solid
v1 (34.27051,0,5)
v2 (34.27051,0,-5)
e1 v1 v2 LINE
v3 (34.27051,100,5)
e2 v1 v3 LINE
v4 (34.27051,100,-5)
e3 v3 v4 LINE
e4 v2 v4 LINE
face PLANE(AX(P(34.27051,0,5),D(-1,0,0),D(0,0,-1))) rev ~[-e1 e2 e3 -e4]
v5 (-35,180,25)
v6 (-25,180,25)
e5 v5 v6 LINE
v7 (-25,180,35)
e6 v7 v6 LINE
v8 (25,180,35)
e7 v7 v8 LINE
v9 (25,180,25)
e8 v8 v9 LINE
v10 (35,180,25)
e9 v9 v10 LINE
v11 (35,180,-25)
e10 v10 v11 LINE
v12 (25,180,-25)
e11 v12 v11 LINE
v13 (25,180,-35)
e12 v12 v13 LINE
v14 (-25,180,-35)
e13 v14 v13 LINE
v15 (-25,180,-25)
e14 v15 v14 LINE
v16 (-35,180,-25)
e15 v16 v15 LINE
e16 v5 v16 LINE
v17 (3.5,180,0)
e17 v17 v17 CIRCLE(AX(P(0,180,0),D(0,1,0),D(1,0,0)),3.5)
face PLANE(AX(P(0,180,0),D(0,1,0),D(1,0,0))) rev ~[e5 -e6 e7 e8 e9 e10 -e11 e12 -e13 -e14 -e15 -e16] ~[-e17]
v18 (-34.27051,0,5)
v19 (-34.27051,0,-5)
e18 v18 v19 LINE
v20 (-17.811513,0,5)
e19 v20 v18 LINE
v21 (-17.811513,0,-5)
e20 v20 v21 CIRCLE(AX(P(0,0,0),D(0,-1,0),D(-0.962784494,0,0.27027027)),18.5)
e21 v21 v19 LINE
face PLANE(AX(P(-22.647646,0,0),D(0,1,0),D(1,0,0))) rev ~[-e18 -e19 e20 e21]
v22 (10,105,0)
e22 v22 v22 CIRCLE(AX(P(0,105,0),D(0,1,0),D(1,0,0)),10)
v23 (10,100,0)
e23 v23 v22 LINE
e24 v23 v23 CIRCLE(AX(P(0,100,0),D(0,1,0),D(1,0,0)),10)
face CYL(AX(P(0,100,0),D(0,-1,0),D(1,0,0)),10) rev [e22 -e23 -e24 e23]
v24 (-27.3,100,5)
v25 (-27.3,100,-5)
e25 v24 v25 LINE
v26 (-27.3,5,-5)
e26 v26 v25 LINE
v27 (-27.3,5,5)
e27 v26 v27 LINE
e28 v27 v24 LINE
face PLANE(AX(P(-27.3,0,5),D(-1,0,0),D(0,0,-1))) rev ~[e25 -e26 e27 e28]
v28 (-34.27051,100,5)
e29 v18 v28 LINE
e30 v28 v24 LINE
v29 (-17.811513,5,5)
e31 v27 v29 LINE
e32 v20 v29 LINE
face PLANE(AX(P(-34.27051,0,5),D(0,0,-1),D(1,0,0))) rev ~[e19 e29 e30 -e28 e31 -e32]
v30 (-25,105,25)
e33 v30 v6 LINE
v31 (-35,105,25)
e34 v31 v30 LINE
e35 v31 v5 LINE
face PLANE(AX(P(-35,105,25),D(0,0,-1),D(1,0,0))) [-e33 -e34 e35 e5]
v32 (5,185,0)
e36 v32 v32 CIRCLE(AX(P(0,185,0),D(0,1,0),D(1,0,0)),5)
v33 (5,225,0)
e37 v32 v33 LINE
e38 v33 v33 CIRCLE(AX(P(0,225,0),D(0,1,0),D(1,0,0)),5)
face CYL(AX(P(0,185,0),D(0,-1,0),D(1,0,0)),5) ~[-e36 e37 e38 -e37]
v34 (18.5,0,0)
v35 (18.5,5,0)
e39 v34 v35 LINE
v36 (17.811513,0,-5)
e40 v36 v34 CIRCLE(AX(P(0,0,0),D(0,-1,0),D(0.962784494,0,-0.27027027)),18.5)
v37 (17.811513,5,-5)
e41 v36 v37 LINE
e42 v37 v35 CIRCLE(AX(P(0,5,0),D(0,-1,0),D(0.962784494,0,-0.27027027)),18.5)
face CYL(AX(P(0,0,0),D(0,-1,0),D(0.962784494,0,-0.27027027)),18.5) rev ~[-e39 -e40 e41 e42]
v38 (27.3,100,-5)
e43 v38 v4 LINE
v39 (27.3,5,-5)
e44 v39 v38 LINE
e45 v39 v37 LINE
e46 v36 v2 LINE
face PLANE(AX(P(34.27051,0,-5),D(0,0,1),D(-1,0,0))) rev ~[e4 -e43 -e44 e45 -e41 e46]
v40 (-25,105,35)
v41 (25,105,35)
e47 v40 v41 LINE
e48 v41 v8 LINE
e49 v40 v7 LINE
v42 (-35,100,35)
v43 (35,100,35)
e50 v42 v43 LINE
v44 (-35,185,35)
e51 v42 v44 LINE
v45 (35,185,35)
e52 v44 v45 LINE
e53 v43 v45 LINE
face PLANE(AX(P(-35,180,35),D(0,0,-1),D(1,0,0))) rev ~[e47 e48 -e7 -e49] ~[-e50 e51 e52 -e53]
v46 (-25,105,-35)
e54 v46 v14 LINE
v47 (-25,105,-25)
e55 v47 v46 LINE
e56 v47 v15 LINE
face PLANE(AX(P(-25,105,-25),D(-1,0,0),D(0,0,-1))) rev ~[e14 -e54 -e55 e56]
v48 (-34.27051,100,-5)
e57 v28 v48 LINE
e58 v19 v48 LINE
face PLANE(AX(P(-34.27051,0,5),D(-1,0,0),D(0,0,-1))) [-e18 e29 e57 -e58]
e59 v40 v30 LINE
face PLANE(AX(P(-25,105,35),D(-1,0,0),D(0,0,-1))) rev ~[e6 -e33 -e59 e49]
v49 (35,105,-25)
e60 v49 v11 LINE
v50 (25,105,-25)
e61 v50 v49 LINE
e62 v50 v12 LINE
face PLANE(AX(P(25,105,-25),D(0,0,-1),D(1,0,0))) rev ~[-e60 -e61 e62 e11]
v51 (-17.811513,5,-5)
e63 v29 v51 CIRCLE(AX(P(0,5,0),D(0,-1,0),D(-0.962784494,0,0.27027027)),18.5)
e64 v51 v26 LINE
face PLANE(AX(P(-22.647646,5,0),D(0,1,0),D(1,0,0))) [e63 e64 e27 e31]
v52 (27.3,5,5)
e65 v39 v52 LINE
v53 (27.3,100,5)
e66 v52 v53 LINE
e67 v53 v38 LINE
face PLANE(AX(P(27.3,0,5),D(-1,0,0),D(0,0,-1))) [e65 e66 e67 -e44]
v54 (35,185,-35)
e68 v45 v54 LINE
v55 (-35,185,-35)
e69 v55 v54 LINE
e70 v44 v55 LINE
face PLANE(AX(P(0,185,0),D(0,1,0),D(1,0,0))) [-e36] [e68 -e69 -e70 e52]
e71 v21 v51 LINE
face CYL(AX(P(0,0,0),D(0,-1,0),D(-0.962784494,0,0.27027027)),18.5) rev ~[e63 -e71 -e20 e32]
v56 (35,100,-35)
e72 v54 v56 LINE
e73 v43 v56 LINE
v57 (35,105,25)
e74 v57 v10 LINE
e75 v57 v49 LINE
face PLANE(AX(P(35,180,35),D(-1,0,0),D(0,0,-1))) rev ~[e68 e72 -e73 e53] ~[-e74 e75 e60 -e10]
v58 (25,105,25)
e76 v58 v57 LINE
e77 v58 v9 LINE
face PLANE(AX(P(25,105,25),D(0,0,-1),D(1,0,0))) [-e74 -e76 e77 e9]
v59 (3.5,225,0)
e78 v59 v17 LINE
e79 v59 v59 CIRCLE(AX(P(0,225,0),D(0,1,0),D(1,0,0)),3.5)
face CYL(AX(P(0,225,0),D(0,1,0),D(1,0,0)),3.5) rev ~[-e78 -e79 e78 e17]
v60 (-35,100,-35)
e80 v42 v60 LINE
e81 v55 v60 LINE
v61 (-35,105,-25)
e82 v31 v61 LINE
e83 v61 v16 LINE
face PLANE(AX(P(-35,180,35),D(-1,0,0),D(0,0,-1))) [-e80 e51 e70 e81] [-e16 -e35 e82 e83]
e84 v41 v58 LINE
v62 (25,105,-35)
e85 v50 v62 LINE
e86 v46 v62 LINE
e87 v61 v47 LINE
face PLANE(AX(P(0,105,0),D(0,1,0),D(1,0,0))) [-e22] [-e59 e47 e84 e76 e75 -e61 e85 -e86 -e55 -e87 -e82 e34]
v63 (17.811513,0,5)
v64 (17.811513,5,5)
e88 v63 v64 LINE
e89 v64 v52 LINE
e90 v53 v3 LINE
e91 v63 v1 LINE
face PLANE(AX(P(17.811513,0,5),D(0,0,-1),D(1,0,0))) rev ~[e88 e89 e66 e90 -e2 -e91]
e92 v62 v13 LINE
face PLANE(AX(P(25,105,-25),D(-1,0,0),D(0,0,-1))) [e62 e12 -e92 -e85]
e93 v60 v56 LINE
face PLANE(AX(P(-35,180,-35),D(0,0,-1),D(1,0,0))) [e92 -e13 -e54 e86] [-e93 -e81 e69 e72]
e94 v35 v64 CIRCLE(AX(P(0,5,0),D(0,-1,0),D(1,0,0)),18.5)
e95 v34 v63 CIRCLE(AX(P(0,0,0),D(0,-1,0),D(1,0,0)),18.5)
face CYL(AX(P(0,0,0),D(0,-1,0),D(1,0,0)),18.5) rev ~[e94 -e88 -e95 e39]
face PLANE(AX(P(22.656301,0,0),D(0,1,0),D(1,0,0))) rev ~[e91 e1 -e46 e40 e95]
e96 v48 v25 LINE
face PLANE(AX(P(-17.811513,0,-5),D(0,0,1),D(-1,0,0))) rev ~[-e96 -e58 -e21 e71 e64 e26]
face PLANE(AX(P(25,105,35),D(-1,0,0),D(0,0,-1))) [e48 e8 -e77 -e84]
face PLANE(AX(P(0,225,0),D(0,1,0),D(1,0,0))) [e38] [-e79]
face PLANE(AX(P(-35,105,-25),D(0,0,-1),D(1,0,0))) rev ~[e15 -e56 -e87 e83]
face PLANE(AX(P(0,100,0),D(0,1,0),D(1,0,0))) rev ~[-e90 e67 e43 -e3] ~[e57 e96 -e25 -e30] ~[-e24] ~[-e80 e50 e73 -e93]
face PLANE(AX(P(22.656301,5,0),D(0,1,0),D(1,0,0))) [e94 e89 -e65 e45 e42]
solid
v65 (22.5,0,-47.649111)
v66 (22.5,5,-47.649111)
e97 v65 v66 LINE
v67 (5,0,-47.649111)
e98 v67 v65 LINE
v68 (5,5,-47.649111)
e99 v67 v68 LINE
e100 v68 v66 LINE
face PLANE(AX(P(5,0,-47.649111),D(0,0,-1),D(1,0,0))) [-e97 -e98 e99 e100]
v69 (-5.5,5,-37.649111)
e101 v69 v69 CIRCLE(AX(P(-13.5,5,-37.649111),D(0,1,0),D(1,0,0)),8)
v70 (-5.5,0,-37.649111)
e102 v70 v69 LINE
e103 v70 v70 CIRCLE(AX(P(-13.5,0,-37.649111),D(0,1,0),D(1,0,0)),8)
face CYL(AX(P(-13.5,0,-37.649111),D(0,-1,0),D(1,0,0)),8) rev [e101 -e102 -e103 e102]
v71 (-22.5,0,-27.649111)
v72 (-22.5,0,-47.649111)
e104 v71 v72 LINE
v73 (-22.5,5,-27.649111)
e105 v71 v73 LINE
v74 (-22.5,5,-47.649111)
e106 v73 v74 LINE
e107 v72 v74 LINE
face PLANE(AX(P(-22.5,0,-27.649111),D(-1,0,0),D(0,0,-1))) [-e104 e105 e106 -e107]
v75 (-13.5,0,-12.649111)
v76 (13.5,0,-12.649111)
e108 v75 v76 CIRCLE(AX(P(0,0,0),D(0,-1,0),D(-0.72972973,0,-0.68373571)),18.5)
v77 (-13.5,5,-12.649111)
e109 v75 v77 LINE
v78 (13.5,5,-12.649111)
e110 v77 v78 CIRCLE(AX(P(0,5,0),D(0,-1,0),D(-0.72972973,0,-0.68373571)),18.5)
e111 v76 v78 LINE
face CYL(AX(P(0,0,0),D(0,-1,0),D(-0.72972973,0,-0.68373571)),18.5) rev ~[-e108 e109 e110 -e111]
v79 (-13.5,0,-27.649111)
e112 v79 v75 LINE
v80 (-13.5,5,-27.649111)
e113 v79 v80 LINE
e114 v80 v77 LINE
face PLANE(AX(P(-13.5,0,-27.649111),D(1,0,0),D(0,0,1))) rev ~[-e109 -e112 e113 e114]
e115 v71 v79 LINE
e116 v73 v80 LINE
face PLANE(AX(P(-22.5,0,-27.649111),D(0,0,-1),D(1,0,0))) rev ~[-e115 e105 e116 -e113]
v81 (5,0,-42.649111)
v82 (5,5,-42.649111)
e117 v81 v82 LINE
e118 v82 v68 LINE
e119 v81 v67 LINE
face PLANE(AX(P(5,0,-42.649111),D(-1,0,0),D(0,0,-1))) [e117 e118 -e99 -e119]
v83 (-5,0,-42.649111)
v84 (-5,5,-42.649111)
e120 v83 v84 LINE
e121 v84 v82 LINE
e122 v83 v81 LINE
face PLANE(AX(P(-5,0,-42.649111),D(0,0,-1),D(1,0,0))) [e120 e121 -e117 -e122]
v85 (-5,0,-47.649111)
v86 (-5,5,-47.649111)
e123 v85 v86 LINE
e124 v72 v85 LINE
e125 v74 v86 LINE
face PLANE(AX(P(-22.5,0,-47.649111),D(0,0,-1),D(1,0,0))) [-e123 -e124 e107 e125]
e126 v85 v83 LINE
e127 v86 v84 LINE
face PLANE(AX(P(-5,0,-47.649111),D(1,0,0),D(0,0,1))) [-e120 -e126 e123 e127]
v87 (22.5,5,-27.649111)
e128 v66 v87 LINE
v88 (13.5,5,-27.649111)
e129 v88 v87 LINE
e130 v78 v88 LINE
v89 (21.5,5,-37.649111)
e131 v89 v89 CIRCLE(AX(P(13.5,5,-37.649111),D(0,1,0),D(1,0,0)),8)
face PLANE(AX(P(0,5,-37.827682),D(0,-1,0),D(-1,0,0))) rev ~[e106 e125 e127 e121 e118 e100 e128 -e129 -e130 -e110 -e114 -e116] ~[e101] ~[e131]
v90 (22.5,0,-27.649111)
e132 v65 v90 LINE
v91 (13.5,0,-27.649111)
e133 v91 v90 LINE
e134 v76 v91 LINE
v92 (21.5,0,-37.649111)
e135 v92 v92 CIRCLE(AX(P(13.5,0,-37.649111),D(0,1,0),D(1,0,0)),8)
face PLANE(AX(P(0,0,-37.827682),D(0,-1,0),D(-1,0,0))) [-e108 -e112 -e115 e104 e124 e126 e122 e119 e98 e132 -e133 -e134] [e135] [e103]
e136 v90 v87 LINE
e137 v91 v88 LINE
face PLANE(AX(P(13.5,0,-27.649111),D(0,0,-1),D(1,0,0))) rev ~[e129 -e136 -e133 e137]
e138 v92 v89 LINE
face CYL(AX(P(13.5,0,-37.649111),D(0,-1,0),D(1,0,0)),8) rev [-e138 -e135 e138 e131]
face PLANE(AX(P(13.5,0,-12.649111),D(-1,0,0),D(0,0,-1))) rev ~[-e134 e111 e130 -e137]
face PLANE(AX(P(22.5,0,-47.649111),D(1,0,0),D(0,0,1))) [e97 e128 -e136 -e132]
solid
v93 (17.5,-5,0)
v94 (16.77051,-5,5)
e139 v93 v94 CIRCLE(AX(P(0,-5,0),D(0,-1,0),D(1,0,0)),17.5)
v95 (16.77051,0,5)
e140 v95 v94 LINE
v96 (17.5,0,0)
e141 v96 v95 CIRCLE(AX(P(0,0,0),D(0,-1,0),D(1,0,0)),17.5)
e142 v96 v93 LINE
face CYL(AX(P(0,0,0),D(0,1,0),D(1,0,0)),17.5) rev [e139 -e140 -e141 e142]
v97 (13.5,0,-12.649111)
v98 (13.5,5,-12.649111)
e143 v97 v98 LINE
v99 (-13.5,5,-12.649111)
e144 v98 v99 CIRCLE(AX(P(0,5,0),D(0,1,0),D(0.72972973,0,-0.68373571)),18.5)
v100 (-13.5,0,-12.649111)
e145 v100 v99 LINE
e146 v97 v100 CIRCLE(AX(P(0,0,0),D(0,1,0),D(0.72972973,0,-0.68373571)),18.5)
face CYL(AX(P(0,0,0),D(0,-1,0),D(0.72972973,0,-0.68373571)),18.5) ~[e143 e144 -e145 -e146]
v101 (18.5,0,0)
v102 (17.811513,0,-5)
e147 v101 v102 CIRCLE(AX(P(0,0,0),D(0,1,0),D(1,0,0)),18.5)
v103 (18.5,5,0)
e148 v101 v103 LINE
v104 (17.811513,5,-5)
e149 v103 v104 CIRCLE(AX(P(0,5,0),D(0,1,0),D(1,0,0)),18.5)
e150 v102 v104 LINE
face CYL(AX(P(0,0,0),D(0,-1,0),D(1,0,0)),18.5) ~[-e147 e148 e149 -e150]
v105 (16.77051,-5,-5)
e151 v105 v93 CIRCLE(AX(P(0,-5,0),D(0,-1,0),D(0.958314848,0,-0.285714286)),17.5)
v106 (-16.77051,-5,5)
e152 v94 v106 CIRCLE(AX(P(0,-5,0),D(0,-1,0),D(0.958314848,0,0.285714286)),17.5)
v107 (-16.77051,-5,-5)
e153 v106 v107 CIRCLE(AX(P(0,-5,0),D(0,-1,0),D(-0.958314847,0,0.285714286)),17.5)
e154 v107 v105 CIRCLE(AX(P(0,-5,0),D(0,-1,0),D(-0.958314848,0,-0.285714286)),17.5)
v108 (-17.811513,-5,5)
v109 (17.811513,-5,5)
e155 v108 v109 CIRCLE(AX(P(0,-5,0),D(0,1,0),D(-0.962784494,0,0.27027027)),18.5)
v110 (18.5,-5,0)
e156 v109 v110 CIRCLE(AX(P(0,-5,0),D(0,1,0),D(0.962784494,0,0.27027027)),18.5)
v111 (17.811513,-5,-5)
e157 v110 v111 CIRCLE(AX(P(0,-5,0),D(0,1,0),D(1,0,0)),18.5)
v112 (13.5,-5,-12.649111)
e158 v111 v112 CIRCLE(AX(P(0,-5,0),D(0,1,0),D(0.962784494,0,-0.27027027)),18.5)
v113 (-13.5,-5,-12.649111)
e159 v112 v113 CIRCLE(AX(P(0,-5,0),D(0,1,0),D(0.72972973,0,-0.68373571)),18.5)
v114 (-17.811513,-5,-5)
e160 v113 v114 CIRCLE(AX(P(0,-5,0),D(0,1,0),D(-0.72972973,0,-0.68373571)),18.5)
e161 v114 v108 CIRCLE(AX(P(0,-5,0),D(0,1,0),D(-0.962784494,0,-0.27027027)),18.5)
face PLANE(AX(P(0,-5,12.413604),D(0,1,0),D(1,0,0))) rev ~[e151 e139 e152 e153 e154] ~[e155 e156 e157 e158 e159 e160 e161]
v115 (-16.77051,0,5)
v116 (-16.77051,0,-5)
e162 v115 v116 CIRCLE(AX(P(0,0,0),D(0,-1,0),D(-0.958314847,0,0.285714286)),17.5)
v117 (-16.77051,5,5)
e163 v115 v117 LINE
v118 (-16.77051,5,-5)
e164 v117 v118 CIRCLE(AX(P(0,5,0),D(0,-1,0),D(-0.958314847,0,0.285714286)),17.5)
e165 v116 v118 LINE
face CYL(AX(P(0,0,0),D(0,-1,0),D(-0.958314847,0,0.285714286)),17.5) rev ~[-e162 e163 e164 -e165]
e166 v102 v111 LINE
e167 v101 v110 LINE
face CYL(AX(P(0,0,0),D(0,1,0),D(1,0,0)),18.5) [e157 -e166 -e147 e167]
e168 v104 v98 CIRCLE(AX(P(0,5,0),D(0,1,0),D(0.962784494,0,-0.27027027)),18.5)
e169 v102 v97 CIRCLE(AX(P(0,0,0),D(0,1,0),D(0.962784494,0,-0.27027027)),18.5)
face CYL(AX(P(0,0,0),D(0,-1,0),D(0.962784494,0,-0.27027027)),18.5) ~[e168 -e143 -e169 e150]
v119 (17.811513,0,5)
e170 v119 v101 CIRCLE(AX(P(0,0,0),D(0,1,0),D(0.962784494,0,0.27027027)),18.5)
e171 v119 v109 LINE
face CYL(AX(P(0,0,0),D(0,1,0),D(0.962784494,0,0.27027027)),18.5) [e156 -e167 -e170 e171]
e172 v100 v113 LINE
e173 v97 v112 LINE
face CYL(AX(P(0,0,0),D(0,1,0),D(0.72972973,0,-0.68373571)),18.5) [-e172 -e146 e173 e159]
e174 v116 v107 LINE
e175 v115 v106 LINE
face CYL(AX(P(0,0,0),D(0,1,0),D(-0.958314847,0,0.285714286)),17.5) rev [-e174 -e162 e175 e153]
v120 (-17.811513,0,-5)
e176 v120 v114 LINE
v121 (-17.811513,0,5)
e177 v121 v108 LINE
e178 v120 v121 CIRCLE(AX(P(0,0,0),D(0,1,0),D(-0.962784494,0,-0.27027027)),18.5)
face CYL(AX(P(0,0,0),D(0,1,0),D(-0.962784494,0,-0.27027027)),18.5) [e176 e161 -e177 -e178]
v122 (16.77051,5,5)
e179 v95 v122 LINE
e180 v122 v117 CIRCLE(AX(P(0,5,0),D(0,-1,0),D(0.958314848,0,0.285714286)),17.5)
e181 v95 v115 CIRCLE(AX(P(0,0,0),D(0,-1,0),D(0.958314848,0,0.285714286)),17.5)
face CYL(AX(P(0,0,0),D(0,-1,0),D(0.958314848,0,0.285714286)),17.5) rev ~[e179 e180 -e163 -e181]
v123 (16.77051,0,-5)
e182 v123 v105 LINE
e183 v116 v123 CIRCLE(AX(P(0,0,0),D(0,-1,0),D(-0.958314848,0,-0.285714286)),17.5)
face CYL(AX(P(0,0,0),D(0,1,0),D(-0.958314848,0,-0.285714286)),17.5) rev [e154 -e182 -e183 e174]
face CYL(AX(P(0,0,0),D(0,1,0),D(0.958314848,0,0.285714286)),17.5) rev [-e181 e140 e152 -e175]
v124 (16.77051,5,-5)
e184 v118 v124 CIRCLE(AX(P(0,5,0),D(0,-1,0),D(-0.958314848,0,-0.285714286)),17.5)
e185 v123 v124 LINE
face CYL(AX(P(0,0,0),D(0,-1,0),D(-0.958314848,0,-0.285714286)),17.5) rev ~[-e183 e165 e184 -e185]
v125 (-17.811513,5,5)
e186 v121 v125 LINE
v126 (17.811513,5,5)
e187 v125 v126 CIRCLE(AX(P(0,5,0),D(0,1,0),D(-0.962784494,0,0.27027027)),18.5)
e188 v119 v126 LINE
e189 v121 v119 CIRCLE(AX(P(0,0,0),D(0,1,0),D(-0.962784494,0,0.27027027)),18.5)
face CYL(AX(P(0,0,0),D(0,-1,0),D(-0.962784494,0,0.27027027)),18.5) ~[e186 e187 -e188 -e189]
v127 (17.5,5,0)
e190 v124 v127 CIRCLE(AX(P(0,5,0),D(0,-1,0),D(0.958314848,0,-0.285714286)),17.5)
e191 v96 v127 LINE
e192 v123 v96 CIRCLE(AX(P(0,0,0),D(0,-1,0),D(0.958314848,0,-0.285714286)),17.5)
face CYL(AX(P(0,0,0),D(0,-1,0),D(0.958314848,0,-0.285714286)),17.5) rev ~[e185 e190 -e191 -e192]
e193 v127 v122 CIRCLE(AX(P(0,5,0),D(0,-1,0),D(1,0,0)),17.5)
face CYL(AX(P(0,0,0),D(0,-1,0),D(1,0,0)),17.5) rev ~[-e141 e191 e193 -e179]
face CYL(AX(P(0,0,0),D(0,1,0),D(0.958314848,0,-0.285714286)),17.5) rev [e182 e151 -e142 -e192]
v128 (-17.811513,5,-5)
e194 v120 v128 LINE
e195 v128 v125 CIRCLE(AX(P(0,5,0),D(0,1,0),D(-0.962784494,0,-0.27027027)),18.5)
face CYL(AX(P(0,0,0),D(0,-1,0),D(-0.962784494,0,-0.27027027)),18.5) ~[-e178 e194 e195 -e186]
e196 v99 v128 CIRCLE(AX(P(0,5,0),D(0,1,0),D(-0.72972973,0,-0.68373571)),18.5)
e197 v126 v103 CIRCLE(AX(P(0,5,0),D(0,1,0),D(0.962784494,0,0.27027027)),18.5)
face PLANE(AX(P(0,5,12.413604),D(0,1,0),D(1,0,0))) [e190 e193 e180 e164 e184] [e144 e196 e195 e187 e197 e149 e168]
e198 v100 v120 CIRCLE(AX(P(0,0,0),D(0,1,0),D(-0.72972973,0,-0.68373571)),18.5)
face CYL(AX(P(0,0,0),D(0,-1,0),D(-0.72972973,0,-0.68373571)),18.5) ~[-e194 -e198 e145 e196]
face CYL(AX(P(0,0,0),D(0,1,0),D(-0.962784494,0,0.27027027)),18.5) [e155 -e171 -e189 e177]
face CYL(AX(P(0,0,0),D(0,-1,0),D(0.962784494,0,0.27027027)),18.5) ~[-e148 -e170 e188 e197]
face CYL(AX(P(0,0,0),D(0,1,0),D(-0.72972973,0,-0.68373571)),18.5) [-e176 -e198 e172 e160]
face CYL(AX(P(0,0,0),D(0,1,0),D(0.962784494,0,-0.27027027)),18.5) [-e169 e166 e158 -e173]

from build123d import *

# Parameters (mm, degrees)
CONNECTOR_SLEEVE_DEPTH      = 5
CONNECTOR_SLEEVE_DEPTH_BACK = 5
SKETCH2_10_R                = 8
SKETCH2_10_W                = 6.970509831
SKETCH2_10_H                = 10
SENSOR_HOLDER_DEPTH         = 5
SKETCH2_18_W                = 6.970509831
SKETCH2_18_H                = 10
BOSS_EXTRUDE1_DEPTH         = 100
SKETCH4_W                   = 70
SKETCH4_H                   = 70
SKETCH4_R                   = 10
MOTOR_ENCLOSURE_DEPTH       = 5
SKETCH6_W                   = 10
SKETCH6_H                   = 10
MOTOR_ENCLOSURE_2_DEPTH     = 75
SKETCH7_W                   = 70
SKETCH7_H                   = 70
MOTOR_ENCLOSURE_3_DEPTH     = 5
SKETCH8_R                   = 5
BOSS_EXTRUDE5_DEPTH         = 40
SKETCH26_R                  = 3.5
CUT_EXTRUDE1_DEPTH          = 45


with BuildPart() as part:
    # Sketch2 → Connector sleeve (new body, two sides)
    with BuildSketch(Plane(origin=(0, 0, 0), x_dir=(1, 0, 0), z_dir=(0, 1, 0))) as connector_sleeve_sk:
        with BuildLine():
            Line((-16.770509831, -5), (-17.811513131, -5))
            ThreePointArc((-17.811513131, -5), (0, -18.5), (17.811513131, -5))
            Line((17.811513131, -5), (16.770509831, -5))
            ThreePointArc((16.770509831, -5), (0, -17.5), (-16.770509831, -5))
        make_face()
        with BuildLine():
            ThreePointArc((-13.5, 12.649110641), (-16.116139024, 9.084055425), (-17.811513131, 5))
            Line((-17.811513131, 5), (-16.770509831, 5))
            ThreePointArc((-16.770509831, 5), (0, 17.5), (16.770509831, 5))
            Line((16.770509831, 5), (17.811513131, 5))
            ThreePointArc((17.811513131, 5), (16.116139024, 9.084055425), (13.5, 12.649110641))
            ThreePointArc((13.5, 12.649110641), (0, 18.5), (-13.5, 12.649110641))
        make_face()
        with BuildLine():
            Line((17.811513131, 5), (16.770509831, 5))
            ThreePointArc((16.770509831, 5), (17.316667145, 2.526467688), (17.5, 0))
            ThreePointArc((17.5, 0), (17.316667145, -2.526467688), (16.770509831, -5))
            Line((16.770509831, -5), (17.811513131, -5))
            ThreePointArc((17.811513131, -5), (18.327070046, -2.523589416), (18.5, 0))
            ThreePointArc((18.5, 0), (18.327070046, 2.523589416), (17.811513131, 5))
        make_face()
        with BuildLine():
            Line((-16.770509831, 5), (-17.811513131, 5))
            ThreePointArc((-17.811513131, 5), (-18.5, 0), (-17.811513131, -5))
            Line((-17.811513131, -5), (-16.770509831, -5))
            ThreePointArc((-16.770509831, -5), (-17.5, 0), (-16.770509831, 5))
        make_face()
    extrude(amount=CONNECTOR_SLEEVE_DEPTH)
    extrude(connector_sleeve_sk.sketch, amount=-CONNECTOR_SLEEVE_DEPTH_BACK)


with BuildPart() as body_2:
    # Sketch2<10> → Sensor holder (new body)
    with BuildSketch(Plane(origin=(0, 0, 0), x_dir=(1, 0, 0), z_dir=(0, 1, 0))):
        Polygon((5, 42.649110641), (5, 47.649110641), (22.5, 47.649110641), (22.5, 27.649110641), (0, 27.649110641), (-22.5, 27.649110641), (-22.5, 47.649110641), (-5, 47.649110641), (-5, 42.649110641), align=None)
        with Locations((13.5, 37.649110641)):
            Circle(SKETCH2_10_R, mode=Mode.SUBTRACT)
        with Locations((-13.5, 37.649110641)):
            Circle(SKETCH2_10_R, mode=Mode.SUBTRACT)
        with BuildLine():
            Line((-13.5, 27.649110641), (-13.5, 12.649110641))
            ThreePointArc((-13.5, 12.649110641), (0, 18.5), (13.5, 12.649110641))
            Line((13.5, 12.649110641), (13.5, 27.649110641))
            Line((13.5, 27.649110641), (0, 27.649110641))
            Line((0, 27.649110641), (-13.5, 27.649110641))
        make_face()
        with BuildLine():
            Line((-17.811513131, 5), (-27.3, 5))
            Line((-27.3, 5), (-27.3, -5))
            Line((-27.3, -5), (-17.811513131, -5))
            ThreePointArc((-17.811513131, -5), (-18.5, 0), (-17.811513131, 5))
        make_face()
        with Locations((-30.785254916, 0)):
            Rectangle(SKETCH2_10_W, SKETCH2_10_H)
        with BuildLine():
            ThreePointArc((18.5, 0), (18.327070046, -2.523589416), (17.811513131, -5))
            Line((17.811513131, -5), (27.3, -5))
            Line((27.3, -5), (27.3, 5))
            Line((27.3, 5), (17.811513131, 5))
            ThreePointArc((17.811513131, 5), (18.327070046, 2.523589416), (18.5, 0))
        make_face()
        with Locations((30.785254916, 0)):
            Rectangle(SKETCH2_10_W, SKETCH2_10_H)
    extrude(amount=SENSOR_HOLDER_DEPTH)

    # Sketch2<18> → Boss-Extrude1 (add)
    with BuildSketch(Plane(origin=(0, 0, 0), x_dir=(1, 0, 0), z_dir=(0, 1, 0))):
        with Locations((-30.785254916, 0)):
            Rectangle(SKETCH2_18_W, SKETCH2_18_H)
        with Locations((30.785254916, 0)):
            Rectangle(SKETCH2_18_W, SKETCH2_18_H)
    extrude(amount=BOSS_EXTRUDE1_DEPTH)

    # Sketch4 → Motor enclosure (add)
    with BuildSketch(Plane(origin=(0, 100, 0), x_dir=(1, 0, 0), z_dir=(0, 1, 0))):
        Rectangle(SKETCH4_W, SKETCH4_H)
        Circle(SKETCH4_R, mode=Mode.SUBTRACT)
    extrude(amount=MOTOR_ENCLOSURE_DEPTH)

    # Sketch6 → Motor enclosure 2 (add)
    with BuildSketch(Plane(origin=(0, 105, 0), x_dir=(1, 0, 0), z_dir=(0, 1, 0))):
        with Locations((-30, 30)):
            Rectangle(SKETCH6_W, SKETCH6_H)
        with Locations((30, 30)):
            Rectangle(SKETCH6_W, SKETCH6_H)
        with Locations((30, -30)):
            Rectangle(SKETCH6_W, SKETCH6_H)
        with Locations((-30, -30)):
            Rectangle(SKETCH6_W, SKETCH6_H)
    extrude(amount=MOTOR_ENCLOSURE_2_DEPTH)

    # Sketch7 → Motor enclosure 3 (add)
    with BuildSketch(Plane(origin=(0, 180, 0), x_dir=(1, 0, 0), z_dir=(0, 1, 0))):
        Rectangle(SKETCH7_W, SKETCH7_H)
    extrude(amount=MOTOR_ENCLOSURE_3_DEPTH)

    # Sketch8 → Boss-Extrude5 (add)
    with BuildSketch(Plane(origin=(0, 185, 0), x_dir=(1, 0, 0), z_dir=(0, 1, 0))):
        Circle(SKETCH8_R)
    extrude(amount=BOSS_EXTRUDE5_DEPTH)

    # Sketch26 → Cut-Extrude1 (cut)
    with BuildSketch(Plane(origin=(0, 225, 0), x_dir=(1, 0, 0), z_dir=(0, 1, 0))):
        Circle(SKETCH26_R)
    extrude(amount=-CUT_EXTRUDE1_DEPTH, mode=Mode.SUBTRACT)


solid = Compound([part.part, body_2.part])
